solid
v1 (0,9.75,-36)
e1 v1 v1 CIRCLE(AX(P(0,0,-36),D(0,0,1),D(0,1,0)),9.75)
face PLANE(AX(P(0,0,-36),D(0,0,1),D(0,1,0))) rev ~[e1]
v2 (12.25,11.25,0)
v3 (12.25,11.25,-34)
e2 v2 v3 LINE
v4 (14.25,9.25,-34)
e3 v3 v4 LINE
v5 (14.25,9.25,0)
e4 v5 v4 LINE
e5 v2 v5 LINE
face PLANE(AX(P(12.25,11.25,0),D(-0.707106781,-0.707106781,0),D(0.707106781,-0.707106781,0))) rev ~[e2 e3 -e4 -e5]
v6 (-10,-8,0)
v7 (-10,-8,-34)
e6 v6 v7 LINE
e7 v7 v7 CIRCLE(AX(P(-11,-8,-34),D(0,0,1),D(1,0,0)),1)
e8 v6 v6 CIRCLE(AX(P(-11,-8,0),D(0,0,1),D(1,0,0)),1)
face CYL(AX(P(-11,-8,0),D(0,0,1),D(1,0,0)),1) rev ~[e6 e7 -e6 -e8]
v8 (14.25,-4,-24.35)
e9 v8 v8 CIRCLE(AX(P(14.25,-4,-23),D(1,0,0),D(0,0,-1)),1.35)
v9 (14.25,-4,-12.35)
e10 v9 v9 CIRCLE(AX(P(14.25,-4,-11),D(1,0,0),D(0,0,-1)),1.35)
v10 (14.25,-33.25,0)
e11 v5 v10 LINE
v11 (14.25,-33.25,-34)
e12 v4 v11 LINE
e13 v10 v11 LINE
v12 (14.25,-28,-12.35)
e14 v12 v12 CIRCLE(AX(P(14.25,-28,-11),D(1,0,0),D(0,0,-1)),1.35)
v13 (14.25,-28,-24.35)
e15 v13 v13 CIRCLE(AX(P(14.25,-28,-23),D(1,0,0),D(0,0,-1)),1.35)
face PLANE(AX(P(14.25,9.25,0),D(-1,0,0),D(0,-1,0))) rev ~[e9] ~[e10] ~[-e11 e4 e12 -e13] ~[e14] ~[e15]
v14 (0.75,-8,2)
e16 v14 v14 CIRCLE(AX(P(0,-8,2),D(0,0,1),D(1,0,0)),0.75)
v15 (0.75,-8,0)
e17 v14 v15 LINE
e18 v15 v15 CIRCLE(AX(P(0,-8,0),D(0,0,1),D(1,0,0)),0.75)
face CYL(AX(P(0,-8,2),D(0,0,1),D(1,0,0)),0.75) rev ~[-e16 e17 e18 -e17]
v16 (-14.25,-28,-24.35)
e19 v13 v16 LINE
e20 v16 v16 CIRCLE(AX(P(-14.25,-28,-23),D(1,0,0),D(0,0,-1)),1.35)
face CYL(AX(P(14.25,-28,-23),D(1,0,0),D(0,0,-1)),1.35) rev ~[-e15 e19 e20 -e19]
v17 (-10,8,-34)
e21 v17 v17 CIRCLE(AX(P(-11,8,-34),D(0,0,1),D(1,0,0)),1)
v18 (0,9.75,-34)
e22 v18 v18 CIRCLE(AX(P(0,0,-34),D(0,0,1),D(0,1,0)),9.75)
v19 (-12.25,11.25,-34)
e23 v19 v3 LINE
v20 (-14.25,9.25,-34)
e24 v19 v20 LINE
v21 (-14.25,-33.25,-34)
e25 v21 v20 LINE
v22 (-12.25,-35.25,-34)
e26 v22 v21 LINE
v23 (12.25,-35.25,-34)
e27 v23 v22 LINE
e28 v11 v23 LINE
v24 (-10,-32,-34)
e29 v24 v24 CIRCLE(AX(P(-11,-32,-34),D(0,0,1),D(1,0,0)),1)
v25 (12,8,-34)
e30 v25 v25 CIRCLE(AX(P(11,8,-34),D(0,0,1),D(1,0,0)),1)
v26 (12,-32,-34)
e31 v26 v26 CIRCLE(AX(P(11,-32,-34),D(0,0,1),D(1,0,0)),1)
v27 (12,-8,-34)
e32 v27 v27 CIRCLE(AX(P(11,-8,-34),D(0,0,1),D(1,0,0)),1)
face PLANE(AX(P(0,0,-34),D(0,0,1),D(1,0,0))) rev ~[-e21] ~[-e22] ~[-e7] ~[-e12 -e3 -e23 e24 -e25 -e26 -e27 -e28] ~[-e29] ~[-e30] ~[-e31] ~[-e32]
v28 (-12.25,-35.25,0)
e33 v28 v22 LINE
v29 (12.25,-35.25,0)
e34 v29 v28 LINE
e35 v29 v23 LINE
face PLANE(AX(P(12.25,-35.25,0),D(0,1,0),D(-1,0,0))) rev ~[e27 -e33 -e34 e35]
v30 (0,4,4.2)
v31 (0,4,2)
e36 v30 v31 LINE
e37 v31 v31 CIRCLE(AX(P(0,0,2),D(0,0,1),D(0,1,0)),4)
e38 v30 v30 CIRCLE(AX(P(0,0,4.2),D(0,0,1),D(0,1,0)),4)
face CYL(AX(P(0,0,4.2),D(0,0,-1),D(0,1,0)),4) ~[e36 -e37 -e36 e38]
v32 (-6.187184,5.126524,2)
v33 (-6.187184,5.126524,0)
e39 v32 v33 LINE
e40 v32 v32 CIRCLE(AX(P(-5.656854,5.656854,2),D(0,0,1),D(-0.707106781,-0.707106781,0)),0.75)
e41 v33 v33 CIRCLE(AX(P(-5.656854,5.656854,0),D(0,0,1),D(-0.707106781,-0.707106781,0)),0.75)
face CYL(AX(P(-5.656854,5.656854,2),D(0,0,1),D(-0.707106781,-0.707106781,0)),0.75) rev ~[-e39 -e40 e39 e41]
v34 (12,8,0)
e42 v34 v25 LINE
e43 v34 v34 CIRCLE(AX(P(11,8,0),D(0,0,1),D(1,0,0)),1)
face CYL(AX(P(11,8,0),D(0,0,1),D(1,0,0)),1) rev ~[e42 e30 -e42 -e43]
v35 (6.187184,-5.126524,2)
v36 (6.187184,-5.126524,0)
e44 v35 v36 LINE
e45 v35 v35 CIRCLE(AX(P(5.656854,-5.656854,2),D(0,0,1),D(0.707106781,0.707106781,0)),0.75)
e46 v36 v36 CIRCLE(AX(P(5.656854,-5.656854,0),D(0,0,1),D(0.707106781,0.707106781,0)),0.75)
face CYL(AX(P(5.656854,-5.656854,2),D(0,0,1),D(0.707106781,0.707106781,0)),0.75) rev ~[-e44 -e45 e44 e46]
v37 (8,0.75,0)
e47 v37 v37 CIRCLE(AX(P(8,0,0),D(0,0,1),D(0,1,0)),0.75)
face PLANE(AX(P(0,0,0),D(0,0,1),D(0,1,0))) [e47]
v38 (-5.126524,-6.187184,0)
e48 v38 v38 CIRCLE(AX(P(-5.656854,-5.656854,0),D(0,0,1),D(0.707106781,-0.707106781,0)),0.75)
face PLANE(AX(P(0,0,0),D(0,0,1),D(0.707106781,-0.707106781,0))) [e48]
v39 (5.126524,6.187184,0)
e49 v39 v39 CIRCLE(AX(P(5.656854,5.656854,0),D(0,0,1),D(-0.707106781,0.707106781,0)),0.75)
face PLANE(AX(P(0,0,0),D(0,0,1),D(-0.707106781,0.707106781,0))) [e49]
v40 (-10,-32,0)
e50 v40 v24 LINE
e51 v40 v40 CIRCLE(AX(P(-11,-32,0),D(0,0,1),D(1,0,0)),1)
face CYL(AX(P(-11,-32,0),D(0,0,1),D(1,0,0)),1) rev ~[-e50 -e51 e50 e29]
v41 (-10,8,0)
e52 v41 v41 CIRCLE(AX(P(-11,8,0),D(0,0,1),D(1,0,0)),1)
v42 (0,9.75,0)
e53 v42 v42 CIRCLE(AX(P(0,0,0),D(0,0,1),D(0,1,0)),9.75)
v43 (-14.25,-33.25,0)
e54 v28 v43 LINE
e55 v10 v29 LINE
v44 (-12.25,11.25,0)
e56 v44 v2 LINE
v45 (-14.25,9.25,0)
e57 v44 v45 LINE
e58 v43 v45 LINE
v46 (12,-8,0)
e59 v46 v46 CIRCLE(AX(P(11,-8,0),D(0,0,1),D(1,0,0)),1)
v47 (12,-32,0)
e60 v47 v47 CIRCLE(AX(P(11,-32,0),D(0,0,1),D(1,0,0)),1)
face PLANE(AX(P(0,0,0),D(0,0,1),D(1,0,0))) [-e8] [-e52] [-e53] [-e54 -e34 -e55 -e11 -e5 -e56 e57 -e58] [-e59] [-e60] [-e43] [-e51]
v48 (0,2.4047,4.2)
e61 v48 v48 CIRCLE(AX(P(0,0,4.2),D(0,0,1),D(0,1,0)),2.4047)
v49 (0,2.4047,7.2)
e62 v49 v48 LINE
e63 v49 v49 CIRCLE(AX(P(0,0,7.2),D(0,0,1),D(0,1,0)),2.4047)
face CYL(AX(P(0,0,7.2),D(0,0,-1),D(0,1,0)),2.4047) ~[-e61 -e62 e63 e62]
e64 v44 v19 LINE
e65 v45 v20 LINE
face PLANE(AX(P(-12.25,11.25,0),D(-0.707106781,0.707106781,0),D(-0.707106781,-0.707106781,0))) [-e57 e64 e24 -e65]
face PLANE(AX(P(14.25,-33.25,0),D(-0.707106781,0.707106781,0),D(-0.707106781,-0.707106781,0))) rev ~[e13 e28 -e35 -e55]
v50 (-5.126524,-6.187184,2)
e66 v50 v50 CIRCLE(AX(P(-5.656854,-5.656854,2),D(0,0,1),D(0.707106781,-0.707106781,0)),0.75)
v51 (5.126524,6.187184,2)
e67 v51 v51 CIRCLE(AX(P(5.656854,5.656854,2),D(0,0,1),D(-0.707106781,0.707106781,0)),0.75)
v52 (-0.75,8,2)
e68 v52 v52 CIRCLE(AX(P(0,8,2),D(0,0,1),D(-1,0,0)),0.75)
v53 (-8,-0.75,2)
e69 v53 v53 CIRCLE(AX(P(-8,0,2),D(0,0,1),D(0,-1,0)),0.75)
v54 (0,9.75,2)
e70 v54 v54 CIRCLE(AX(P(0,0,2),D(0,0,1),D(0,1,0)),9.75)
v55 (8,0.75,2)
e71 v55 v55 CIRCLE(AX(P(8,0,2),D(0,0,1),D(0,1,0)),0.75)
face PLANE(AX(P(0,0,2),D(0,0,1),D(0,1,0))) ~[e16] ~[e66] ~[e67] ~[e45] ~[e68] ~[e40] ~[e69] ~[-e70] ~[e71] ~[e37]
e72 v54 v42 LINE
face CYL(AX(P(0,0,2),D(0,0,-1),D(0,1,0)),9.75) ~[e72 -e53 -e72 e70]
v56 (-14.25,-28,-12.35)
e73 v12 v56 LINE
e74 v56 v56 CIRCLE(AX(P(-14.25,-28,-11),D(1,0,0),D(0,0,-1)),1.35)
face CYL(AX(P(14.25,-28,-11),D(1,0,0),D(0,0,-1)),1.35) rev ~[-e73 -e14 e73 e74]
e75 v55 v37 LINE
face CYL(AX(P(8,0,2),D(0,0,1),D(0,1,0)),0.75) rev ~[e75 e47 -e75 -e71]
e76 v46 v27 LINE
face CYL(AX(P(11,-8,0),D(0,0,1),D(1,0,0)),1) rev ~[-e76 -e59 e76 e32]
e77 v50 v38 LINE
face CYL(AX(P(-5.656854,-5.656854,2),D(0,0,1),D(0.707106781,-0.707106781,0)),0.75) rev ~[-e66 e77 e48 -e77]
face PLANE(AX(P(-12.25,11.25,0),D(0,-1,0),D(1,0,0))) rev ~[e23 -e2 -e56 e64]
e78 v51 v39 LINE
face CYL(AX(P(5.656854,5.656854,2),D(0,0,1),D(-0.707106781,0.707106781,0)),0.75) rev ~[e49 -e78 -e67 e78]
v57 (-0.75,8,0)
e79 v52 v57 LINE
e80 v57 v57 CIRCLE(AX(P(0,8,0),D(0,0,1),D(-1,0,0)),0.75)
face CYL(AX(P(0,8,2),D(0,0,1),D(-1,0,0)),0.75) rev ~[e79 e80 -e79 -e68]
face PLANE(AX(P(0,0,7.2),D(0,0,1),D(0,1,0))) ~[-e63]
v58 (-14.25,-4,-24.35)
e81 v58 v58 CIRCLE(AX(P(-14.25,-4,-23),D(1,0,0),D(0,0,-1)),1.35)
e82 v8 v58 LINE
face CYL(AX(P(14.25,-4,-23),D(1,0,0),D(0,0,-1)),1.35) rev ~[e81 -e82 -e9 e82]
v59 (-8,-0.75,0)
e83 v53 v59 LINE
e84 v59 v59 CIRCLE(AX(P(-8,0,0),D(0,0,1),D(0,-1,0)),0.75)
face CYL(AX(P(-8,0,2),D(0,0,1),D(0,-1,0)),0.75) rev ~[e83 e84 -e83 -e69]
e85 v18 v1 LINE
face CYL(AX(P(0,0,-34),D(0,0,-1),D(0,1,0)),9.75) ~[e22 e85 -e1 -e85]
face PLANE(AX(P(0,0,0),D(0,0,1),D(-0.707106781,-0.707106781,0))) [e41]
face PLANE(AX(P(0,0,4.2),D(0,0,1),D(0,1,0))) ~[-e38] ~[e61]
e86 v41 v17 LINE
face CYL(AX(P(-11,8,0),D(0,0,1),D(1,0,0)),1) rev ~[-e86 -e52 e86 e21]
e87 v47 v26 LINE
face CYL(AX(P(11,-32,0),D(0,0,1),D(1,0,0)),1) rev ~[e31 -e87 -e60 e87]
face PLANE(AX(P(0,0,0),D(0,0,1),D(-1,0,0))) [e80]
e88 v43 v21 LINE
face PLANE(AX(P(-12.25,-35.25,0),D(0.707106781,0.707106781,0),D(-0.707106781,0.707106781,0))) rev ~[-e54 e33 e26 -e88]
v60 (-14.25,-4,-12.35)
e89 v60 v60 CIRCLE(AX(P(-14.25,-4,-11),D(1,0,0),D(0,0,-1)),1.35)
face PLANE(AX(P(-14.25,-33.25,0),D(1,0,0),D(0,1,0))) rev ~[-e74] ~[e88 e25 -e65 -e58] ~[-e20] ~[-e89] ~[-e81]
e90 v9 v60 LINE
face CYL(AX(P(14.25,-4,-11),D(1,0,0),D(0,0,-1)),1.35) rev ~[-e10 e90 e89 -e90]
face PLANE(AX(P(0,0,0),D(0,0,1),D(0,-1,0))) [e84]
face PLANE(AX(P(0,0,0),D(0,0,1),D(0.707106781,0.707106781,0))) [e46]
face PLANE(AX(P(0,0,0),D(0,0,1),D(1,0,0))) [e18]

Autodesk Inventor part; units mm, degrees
ref_plane "YZ Plane" through (0, 0, 0) normal (1, 0, 0) x (0, 1, 0)
ref_plane "XZ Plane" through (0, 0, 0) normal (0, 1, 0) x (-1, 0, 0)
ref_plane "XY Plane" through (0, 0, 0) normal (0, 0, 1) x (1, 0, 0)
sketch "Эскиз1" plane through (0, 0, 0) normal (0, 0, 1) x (1, 0, 0)
  line L0 (-12.25, 11.25) -> (12.25, 11.25)
  line L1 (14.25, 9.25) -> (14.25, -33.25)
  line L2 (12.25, -35.25) -> (-12.25, -35.25)
  line L3 (-14.25, -33.25) -> (-14.25, 9.25)
  circle A0 centre (-11, 8) radius 1
  circle A1 centre (-11, -8) radius 1
  circle A2 centre (11, 8) radius 1
  circle A3 centre (11, -8) radius 1
  circle A4 centre (11, -32) radius 1
  circle A5 centre (-11, -32) radius 1
  line L4 (-12.25, 11.25) -> (-14.25, 9.25)
  line L5 (12.25, 11.25) -> (14.25, 9.25)
  line L6 (14.25, -33.25) -> (12.25, -35.25)
  line L7 (-12.25, -35.25) -> (-14.25, -33.25)
  point P0 (0, 0)
  point P1 (-14.25, 11.25)
  point P2 (14.25, -35.25)
  point P3 (14.25, 11.25)
  point P4 (-14.25, -35.25)
  point P5 (0, 11.25)
  dimension "d0" = 28.5
  dimension "d1" = 46.5
  dimension "d2" = 11.25
  dimension "d3" = 22
  dimension "d4" = 11
  dimension "d5" = 8
  dimension "d6" = 8
  dimension "d7" = 40
  dimension "d8" = 2
  dimension "d11" = 2
  dimension "d12" = 2
  dimension "d13" = 2
  dimension "d14" = 2
  dimension "d15" = 2
  dimension "d16" = 2
  dimension "d17" = 2
  dimension "d18" = 2
extrude "Выдавливание1" add sketch "Эскиз1" against normal blind 34
sketch "Эскиз2" plane through (0, 0, 0) normal (1, 0, 0) x (0, 1, 0)
  line L0 (0, 0) -> (0, 7.2)
  line L1 (0, 7.2) -> (2.4047, 7.2)
  line L2 (2.4047, 7.2) -> (2.4047, 4.2)
  line L3 (2.4047, 4.2) -> (4, 4.2)
  line L4 (4, 4.2) -> (4, 2)
  line L5 (4, 2) -> (9.75, 2)
  line L6 (9.75, 2) -> (9.75, 0)
  line L7 (9.75, 0) -> (0, 0)
  line L8 (-33.25, -34) -> (9.25, -34) projected
  line L9 (0, -34) -> (9.75, -34)
  line L10 (9.75, -34) -> (9.75, -36)
  line L11 (9.75, -36) -> (0, -36)
  line L12 (0, -36) -> (0, -34)
  point P0 (1.2024, 7.2)
  dimension "d19" = 19.5
  dimension "d20" = 8
  dimension "d21" = 2
  dimension "d22" = 2.2
  dimension "d23" = 2
  dimension "d24" = 19.5
  dimension "d25" = 41.2
revolve "Вращение1" add sketch "Эскиз2" angle 360 about axis through (0, 0, 0) along (0, 0, 1)
sketch "Эскиз3" plane through (14.25, -33.25, 0) normal (1, 0, 0) x (0, 0, -1)
  circle A0 centre (11, 29.25) radius 1.35
  circle A1 centre (11, 5.25) radius 1.35
  circle A2 centre (23, 29.25) radius 1.35
  circle A3 centre (23, 5.25) radius 1.35
  line L0 (0, 0) -> (0, 42.5) projected
  line L1 (-7.2, 35.6547) -> (-7.2, 30.8453) projected
  line L2 (-7.2, 33.25) -> (42.1725, 33.25)
  point P0 (0, 33.25)
  dimension "d27" = 11
  dimension "d28" = 12
  dimension "d29" = 24
  dimension "d30" = 4
  dimension "d31" = 2.7
extrude "Выдавливание2" cut sketch "Эскиз3" against normal up to surface (28.5 mm away)
sketch "Эскиз4" plane through (0, 0, 2) normal (0, 0, 1) x (1, 0, 0)
  circle A0 centre (0, -8) radius 0.75
  point P0 (0, 0)
  dimension "d34" = 1.5
  dimension "d35" = 8
extrude "Выдавливание3" cut sketch "Эскиз4" against normal blind 2
pattern_circular "Круговой массив1" count 8 over 360 about axis through (0, 0, 1) along (0, 0, 1) of "Выдавливание3"
equation "\"d4\" = 0.5 * d3"
equation "\"d12\" = d11"
equation "\"d13\" = d11"
equation "\"d14\" = d13"
equation "\"d15\" = d11"
equation "\"d16\" = d15"
equation "\"d17\" = d11"
equation "\"d18\" = d17"
properties part number "DYNAMIXEL XM430-W350"
